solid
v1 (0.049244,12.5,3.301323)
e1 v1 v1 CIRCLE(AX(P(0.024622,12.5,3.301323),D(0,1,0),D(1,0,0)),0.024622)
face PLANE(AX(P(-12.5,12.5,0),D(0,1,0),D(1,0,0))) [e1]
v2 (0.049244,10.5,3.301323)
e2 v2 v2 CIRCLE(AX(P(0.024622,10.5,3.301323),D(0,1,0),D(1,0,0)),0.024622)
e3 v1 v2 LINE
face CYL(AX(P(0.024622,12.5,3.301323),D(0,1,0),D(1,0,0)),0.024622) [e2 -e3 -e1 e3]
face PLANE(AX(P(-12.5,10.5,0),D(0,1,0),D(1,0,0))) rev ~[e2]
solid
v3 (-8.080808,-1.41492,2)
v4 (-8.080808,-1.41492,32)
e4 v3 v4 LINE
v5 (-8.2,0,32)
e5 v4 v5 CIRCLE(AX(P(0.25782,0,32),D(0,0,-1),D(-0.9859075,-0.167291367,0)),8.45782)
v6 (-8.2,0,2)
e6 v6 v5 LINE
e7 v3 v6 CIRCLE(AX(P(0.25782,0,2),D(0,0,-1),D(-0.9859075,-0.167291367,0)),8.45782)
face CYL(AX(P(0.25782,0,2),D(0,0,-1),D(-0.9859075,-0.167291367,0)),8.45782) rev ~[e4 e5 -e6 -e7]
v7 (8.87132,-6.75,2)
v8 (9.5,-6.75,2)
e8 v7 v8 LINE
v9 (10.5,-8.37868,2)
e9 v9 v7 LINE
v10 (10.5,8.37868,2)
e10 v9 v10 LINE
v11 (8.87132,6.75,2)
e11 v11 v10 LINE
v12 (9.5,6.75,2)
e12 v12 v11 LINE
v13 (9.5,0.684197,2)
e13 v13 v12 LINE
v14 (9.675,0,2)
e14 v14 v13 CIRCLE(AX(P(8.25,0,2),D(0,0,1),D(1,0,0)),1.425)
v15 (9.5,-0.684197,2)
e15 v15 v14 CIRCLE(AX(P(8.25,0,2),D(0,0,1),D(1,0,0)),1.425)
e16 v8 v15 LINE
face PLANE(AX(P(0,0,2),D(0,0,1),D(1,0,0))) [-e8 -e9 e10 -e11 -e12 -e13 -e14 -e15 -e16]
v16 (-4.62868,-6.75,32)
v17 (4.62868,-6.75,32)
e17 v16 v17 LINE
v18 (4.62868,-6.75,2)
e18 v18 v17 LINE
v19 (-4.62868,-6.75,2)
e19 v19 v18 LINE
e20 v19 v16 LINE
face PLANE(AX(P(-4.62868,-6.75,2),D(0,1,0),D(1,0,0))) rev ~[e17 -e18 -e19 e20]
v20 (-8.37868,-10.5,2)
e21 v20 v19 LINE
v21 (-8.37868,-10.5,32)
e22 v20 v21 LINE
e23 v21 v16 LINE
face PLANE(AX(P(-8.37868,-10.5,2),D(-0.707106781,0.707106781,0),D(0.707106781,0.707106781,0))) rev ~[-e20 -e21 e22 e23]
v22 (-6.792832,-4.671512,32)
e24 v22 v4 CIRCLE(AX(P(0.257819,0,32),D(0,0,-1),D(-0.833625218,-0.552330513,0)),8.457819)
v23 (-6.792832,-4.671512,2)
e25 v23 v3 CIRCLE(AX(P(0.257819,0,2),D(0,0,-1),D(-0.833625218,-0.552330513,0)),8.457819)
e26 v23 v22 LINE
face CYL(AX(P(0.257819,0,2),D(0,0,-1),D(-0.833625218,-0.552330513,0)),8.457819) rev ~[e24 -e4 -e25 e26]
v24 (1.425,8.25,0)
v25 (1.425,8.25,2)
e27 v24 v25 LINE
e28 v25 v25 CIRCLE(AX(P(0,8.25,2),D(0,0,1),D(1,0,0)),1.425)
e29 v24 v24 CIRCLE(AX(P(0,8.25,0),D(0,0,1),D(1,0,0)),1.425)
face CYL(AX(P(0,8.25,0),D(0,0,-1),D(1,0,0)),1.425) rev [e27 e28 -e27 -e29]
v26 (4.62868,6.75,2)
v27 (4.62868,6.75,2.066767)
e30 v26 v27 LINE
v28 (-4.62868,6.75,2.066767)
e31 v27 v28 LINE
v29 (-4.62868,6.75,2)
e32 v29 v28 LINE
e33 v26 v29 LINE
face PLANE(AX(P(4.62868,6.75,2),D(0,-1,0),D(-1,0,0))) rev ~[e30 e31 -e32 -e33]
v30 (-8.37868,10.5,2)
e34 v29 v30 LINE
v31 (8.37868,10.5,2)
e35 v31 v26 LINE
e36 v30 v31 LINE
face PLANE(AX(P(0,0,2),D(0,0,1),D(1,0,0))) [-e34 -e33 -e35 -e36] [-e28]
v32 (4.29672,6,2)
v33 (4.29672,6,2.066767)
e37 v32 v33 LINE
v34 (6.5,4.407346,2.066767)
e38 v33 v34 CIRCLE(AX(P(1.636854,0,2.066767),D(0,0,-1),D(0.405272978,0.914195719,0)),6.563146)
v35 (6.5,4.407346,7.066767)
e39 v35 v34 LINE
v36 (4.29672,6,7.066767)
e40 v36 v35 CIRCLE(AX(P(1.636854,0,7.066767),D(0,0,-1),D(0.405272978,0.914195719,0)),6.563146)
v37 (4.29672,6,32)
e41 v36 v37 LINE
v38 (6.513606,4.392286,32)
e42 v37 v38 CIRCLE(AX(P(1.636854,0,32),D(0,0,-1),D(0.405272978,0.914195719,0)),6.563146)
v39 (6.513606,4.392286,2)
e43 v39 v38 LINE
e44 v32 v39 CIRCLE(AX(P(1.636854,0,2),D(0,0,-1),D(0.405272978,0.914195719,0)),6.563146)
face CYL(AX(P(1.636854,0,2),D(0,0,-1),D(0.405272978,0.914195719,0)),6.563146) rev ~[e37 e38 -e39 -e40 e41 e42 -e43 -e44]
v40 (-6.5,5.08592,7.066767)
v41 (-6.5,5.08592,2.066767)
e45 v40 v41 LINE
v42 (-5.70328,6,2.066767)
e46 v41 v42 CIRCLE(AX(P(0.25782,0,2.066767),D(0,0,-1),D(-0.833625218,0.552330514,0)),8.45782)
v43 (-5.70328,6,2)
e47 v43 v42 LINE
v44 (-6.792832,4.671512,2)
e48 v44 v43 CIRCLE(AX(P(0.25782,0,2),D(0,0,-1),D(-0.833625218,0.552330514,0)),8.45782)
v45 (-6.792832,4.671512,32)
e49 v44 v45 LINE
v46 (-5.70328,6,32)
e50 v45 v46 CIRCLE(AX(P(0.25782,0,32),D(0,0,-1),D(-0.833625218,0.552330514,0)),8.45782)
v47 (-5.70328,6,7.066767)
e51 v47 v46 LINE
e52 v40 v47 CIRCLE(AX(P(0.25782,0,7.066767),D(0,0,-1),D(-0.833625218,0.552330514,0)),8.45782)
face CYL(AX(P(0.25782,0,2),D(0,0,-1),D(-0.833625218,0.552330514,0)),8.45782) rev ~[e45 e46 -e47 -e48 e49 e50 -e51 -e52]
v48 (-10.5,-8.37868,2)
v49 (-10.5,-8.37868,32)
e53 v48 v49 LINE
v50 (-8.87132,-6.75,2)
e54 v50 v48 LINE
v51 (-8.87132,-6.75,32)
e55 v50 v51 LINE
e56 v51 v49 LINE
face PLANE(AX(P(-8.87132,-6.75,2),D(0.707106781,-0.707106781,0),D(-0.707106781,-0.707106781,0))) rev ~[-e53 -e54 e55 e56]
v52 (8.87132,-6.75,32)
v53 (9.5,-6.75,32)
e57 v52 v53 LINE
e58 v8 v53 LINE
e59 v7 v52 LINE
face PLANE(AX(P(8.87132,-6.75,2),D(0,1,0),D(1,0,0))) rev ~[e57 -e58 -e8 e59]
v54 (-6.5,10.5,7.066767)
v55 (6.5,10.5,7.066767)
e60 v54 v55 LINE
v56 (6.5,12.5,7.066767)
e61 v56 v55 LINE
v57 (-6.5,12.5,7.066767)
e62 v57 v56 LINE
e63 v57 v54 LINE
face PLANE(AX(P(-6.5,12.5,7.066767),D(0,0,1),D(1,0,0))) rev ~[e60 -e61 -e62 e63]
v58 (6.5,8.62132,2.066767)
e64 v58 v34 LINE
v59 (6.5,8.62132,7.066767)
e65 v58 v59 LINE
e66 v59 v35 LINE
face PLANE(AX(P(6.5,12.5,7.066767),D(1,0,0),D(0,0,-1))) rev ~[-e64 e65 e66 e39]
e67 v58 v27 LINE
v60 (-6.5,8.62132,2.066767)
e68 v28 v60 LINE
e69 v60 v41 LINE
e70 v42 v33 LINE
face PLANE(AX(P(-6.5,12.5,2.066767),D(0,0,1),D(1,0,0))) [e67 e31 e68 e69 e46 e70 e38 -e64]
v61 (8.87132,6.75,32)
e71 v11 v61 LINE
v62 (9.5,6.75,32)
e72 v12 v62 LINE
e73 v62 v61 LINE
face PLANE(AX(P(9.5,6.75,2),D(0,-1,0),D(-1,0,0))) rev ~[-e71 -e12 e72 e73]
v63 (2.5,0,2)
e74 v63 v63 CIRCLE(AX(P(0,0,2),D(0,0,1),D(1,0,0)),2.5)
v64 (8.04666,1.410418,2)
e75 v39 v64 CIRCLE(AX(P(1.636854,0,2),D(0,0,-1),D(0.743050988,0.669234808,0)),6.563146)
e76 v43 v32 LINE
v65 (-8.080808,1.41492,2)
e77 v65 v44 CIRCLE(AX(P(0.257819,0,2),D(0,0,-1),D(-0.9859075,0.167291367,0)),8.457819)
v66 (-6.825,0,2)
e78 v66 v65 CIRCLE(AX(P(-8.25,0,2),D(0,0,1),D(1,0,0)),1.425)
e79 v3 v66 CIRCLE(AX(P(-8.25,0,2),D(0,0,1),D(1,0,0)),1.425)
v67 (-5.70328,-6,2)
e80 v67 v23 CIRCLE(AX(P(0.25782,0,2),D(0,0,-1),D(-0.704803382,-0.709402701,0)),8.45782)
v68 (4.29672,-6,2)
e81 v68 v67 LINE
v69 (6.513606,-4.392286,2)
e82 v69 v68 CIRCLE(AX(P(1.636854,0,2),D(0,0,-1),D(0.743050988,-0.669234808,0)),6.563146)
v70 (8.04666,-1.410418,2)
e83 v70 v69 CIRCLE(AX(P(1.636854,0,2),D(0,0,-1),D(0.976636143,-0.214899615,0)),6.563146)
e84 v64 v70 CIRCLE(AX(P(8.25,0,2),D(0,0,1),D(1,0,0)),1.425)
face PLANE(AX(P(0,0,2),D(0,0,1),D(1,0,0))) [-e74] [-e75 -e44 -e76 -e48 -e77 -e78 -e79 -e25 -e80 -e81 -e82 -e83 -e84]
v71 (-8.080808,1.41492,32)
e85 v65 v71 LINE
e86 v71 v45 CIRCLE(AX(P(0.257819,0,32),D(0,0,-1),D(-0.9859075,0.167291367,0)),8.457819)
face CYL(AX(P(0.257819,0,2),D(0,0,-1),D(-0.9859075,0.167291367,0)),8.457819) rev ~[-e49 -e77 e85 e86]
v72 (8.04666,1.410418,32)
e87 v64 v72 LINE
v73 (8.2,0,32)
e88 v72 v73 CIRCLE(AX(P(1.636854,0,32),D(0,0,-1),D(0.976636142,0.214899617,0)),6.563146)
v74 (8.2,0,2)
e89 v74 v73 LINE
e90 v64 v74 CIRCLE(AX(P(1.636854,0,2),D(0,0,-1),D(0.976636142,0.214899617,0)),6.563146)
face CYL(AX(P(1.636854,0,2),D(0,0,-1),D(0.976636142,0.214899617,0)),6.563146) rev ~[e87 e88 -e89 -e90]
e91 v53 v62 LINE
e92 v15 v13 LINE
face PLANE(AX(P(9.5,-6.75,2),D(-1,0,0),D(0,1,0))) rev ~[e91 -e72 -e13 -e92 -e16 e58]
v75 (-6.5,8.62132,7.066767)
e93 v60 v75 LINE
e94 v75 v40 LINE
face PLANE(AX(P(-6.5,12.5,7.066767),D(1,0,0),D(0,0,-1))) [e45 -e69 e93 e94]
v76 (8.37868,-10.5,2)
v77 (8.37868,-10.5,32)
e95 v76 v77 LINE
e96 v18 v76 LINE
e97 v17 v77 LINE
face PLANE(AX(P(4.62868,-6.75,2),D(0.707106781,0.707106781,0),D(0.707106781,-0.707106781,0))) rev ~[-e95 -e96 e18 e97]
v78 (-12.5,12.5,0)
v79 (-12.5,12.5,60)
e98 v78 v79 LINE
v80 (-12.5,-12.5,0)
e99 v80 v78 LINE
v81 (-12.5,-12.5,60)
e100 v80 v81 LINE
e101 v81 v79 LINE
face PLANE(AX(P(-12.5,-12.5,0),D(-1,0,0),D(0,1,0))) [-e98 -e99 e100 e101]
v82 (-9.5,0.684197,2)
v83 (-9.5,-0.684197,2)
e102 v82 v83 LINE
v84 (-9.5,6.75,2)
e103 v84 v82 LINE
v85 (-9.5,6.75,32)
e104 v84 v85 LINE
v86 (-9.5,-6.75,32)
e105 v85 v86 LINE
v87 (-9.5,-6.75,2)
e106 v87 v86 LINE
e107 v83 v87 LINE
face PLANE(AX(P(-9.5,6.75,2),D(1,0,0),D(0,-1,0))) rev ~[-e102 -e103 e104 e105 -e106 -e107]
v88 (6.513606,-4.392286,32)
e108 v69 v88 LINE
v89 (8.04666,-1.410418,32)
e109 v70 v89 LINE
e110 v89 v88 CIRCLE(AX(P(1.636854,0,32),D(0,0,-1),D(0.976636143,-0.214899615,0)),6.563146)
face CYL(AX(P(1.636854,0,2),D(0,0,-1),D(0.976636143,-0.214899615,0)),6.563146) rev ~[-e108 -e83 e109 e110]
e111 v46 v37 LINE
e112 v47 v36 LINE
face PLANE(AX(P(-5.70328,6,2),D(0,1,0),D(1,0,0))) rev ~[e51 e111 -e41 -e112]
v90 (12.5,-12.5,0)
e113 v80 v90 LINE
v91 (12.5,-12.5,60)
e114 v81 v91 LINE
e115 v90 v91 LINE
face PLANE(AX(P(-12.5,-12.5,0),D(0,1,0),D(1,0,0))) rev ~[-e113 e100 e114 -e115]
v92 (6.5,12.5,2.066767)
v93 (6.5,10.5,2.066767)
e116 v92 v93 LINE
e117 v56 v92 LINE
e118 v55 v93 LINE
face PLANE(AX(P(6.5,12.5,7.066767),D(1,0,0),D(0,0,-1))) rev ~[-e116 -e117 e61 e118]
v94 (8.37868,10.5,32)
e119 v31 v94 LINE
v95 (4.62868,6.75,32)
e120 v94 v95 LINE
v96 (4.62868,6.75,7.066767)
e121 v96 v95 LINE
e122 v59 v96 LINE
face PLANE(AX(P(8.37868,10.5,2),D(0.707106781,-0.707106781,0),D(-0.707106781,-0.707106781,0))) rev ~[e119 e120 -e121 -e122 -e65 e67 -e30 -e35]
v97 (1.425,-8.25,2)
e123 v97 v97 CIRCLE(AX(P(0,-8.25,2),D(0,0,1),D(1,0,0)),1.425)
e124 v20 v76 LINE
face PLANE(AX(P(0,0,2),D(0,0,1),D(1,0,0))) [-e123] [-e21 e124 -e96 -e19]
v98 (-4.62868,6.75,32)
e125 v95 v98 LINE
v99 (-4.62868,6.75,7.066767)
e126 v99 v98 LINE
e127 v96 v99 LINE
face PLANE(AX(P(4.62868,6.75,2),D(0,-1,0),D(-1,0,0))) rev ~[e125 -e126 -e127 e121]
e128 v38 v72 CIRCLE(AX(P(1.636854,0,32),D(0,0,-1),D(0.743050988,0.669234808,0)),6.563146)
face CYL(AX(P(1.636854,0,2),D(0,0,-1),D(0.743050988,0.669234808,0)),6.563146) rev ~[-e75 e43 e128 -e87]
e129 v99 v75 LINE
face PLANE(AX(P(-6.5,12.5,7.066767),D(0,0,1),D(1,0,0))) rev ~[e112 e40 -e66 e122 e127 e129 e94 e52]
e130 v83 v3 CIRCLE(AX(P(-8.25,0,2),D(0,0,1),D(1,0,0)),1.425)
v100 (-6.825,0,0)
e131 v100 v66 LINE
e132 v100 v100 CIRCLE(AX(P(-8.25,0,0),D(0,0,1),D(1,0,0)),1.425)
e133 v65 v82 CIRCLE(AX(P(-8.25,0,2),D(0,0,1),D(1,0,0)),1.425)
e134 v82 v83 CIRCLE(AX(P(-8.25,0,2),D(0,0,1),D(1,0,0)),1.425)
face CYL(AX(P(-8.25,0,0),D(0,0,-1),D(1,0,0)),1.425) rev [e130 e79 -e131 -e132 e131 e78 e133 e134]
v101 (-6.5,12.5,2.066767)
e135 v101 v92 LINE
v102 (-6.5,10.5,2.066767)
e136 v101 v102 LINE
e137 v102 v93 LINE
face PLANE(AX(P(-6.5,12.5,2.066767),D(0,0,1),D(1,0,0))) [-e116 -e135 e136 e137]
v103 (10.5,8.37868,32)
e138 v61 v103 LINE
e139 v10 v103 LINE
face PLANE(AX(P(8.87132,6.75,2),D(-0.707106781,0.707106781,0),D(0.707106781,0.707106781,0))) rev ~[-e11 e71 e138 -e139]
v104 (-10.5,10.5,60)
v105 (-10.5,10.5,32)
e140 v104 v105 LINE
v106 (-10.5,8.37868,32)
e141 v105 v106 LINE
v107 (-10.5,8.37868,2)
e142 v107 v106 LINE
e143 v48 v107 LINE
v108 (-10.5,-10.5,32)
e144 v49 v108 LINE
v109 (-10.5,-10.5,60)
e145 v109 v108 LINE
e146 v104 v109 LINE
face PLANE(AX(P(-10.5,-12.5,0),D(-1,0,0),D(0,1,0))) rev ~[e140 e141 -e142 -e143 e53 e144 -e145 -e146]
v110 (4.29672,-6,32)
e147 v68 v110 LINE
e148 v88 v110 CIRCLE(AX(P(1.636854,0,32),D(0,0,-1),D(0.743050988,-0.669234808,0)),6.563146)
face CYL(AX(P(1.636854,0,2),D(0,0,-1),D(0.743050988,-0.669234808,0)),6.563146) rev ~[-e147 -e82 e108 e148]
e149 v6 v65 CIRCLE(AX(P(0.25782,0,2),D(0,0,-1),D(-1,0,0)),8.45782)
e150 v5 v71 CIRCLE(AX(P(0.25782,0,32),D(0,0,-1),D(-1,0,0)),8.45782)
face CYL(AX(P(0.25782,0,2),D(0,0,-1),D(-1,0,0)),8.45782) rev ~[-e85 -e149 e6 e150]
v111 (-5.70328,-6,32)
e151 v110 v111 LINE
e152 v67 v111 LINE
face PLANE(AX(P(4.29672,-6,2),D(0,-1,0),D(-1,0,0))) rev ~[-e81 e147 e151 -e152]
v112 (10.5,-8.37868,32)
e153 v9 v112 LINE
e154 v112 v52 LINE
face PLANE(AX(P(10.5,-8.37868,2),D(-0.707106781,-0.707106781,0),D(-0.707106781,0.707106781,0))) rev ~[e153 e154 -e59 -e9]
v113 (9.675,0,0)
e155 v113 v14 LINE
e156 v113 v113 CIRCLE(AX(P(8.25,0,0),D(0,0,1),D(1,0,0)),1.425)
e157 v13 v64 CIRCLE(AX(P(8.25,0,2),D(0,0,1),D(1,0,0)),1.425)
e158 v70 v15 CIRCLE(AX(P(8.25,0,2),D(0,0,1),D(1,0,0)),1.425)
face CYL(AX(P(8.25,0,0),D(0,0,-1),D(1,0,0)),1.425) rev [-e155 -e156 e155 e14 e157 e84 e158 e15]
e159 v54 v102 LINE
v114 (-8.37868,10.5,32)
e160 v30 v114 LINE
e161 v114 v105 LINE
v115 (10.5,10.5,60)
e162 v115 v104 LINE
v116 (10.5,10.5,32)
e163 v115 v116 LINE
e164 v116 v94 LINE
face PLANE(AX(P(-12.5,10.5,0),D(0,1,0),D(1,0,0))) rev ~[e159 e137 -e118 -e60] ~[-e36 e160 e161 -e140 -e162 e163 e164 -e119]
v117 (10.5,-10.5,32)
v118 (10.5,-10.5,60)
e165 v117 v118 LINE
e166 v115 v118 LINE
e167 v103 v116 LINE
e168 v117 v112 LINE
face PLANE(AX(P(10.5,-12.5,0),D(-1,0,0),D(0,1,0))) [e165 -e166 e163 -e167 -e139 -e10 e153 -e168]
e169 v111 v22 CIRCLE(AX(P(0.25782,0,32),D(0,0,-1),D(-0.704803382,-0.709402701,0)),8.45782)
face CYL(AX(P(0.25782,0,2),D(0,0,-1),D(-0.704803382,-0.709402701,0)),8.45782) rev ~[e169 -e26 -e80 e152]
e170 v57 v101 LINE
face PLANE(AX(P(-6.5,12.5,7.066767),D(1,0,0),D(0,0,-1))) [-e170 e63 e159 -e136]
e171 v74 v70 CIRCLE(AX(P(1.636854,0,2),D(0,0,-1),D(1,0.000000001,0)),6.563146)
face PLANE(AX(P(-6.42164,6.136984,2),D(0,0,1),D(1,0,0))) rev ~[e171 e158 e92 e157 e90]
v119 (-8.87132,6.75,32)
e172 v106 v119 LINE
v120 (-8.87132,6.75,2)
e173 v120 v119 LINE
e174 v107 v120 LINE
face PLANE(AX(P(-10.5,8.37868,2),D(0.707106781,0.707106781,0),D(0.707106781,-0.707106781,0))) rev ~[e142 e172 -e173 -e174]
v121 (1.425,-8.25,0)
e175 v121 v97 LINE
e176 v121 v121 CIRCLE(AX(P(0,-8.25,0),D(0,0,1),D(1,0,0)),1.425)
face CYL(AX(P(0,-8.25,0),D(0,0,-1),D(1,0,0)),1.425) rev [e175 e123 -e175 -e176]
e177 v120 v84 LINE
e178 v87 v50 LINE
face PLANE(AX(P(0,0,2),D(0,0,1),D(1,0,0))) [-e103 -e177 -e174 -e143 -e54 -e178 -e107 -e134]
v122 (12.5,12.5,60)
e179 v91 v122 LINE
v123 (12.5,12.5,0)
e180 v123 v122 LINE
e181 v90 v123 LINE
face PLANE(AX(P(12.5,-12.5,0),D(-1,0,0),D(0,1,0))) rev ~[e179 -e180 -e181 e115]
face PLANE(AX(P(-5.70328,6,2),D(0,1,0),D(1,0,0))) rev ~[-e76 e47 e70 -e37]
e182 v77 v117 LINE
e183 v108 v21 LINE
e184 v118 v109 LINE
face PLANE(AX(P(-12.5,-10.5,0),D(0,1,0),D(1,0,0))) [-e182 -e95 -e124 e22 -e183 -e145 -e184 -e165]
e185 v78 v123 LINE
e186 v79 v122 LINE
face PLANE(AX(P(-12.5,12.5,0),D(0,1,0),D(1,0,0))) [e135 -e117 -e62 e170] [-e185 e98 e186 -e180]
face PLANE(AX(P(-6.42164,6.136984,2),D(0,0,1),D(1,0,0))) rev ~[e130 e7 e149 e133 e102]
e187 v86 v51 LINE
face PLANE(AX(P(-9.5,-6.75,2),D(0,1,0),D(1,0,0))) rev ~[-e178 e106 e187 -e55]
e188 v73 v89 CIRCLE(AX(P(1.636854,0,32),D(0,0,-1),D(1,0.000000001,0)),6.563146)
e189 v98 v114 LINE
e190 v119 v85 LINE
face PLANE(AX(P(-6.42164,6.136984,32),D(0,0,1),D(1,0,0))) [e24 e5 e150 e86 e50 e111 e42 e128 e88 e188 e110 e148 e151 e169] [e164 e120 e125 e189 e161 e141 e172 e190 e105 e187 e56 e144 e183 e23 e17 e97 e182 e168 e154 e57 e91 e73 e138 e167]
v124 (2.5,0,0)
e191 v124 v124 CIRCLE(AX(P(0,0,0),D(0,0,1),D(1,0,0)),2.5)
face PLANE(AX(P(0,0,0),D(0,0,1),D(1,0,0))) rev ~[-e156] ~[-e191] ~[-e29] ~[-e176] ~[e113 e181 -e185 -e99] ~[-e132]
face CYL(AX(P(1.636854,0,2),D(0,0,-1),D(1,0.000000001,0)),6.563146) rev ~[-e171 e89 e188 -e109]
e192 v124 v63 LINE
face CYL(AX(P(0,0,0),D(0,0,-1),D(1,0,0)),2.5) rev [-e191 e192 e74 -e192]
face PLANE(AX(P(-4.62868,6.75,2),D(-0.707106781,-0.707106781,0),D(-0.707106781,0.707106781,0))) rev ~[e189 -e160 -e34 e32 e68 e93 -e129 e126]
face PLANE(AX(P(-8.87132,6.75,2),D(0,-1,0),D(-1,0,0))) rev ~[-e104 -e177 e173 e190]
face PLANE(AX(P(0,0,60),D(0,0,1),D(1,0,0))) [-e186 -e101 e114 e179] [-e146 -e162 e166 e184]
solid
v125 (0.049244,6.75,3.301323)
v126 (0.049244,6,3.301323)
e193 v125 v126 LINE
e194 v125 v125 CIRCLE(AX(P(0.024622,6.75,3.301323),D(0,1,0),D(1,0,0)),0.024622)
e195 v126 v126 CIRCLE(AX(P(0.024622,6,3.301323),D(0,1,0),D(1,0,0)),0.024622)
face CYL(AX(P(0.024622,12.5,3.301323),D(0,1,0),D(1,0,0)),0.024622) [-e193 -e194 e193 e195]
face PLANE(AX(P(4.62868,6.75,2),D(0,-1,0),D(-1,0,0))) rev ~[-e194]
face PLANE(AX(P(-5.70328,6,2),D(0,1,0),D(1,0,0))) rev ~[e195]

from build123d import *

# Parameters (mm, degrees)
SKETCH1_W           = 25
SKETCH1_H           = 25
BOSS_EXTRUDE1_DEPTH = 60
SHELL1_T            = -2
SKETCH2_R           = 2.5
SKETCH2_R_2         = 1.425
CUT_EXTRUDE4_DEPTH  = 2
BOSS_EXTRUDE3_DEPTH = 30
SKETCH5_W           = 13
SKETCH5_H           = 5
SKETCH5_R           = 0.024622166
CUT_EXTRUDE6_DEPTH  = 10


with BuildPart() as part:
    # Sketch1 → Boss-Extrude1 (new body)
    with BuildSketch(Plane.XY):
        Rectangle(SKETCH1_W, SKETCH1_H)
    extrude(amount=BOSS_EXTRUDE1_DEPTH)

    # Shell1
    shell1_openings = [part.faces().sort_by_distance(p)[0] for p in [
        (0, 0, 60),
    ]]
    offset(amount=SHELL1_T, openings=shell1_openings, kind=Kind.INTERSECTION)

    # Sketch2 → Cut-Extrude4 (cut)
    with BuildSketch(Plane.XY):
        Circle(SKETCH2_R)
        with Locations((8.25, 0)):
            Circle(SKETCH2_R_2)
        with Locations((0, -8.25)):
            Circle(SKETCH2_R_2)
        with Locations((-8.25, 0)):
            Circle(SKETCH2_R_2)
        with Locations((0, 8.25)):
            Circle(SKETCH2_R_2)
    extrude(amount=CUT_EXTRUDE4_DEPTH, mode=Mode.SUBTRACT)

    # Sketch4 → Boss-Extrude3 (add)
    with BuildSketch(Plane.XY.offset(2)):
        with BuildLine():
            Line((-8.871320344, 6.75), (-6.792832126, 4.671511782))
            ThreePointArc((-6.792832126, 4.671511782), (-6.28187766, 5.363494358), (-5.703280287, 6))
            Line((-5.703280287, 6), (-3.878679656, 6))
            Line((-3.878679656, 6), (-4.628679656, 6.75))
            Line((-4.628679656, 6.75), (-8.871320344, 6.75))
        make_face()
        Polygon((-10.5, 8.378679656), (-8.871320344, 6.75), (-4.628679656, 6.75), (-8.378679656, 10.5), (-10.5, 10.5), align=None)
        Polygon((-3.878679656, 6), (0, 6), (3.878679656, 6), (4.628679656, 6.75), (-4.628679656, 6.75), align=None)
        Polygon((8.378679656, 10.5), (4.628679656, 6.75), (8.871320344, 6.75), (10.5, 8.378679656), (10.5, 10.5), align=None)
        with BuildLine():
            Line((4.628679656, 6.75), (3.878679656, 6))
            Line((3.878679656, 6), (4.296719713, 6))
            ThreePointArc((4.296719713, 6), (5.489948643, 5.313054416), (6.513606116, 4.392285772))
            Line((6.513606116, 4.392285772), (8.871320344, 6.75))
            Line((8.871320344, 6.75), (4.628679656, 6.75))
        make_face()
        with BuildLine():
            ThreePointArc((-5.703280287, -6), (-6.28187766, -5.363494358), (-6.792832126, -4.671511782))
            Line((-6.792832126, -4.671511782), (-8.871320344, -6.75))
            Line((-8.871320344, -6.75), (-4.628679656, -6.75))
            Line((-4.628679656, -6.75), (-3.878679656, -6))
            Line((-3.878679656, -6), (-5.703280287, -6))
        make_face()
        with BuildLine():
            Line((4.296719713, -6), (3.878679656, -6))
            Line((3.878679656, -6), (4.628679656, -6.75))
            Line((4.628679656, -6.75), (8.871320344, -6.75))
            Line((8.871320344, -6.75), (6.513606116, -4.392285772))
            ThreePointArc((6.513606116, -4.392285772), (5.489948643, -5.313054416), (4.296719713, -6))
        make_face()
        Polygon((-4.628679656, -6.75), (-8.871320344, -6.75), (-10.5, -8.378679656), (-10.5, -10.5), (-8.378679656, -10.5), align=None)
        Polygon((8.871320344, -6.75), (4.628679656, -6.75), (8.378679656, -10.5), (10.5, -10.5), (10.5, -8.378679656), align=None)
        with BuildLine():
            Line((8.871320344, 6.75), (6.513606116, 4.392285772))
            ThreePointArc((6.513606116, 4.392285772), (7.473760778, 3.000900651), (8.046659593, 1.410417555))
            ThreePointArc((8.046659593, 1.410417555), (8.886964121, 1.274716325), (9.5, 0.684196609))
            Line((9.5, 0.684196609), (9.5, 6.75))
            Line((9.5, 6.75), (8.871320344, 6.75))
        make_face()
        with BuildLine():
            ThreePointArc((8.046659593, -1.410417555), (7.473760778, -3.000900651), (6.513606116, -4.392285772))
            Line((6.513606116, -4.392285772), (8.871320344, -6.75))
            Line((8.871320344, -6.75), (9.5, -6.75))
            Line((9.5, -6.75), (9.5, -0.684196609))
            ThreePointArc((9.5, -0.684196609), (8.886964121, -1.274716325), (8.046659593, -1.410417555))
        make_face()
        Polygon((3.878679656, -6), (0, -6), (-3.878679656, -6), (-4.628679656, -6.75), (4.628679656, -6.75), align=None)
        with BuildLine():
            ThreePointArc((-6.792832126, -4.671511782), (-7.607218745, -3.110608316), (-8.080808179, -1.414920184))
            ThreePointArc((-8.080808179, -1.414920184), (-8.902323398, -1.26692509), (-9.5, -0.684196609))
            Line((-9.5, -0.684196609), (-9.5, -6.75))
            Line((-9.5, -6.75), (-8.871320344, -6.75))
            Line((-8.871320344, -6.75), (-6.792832126, -4.671511782))
        make_face()
        with BuildLine():
            ThreePointArc((-9.5, 0.684196609), (-8.902323398, 1.26692509), (-8.080808179, 1.414920184))
            ThreePointArc((-8.080808179, 1.414920184), (-7.607218745, 3.110608316), (-6.792832126, 4.671511782))
            Line((-6.792832126, 4.671511782), (-8.871320344, 6.75))
            Line((-8.871320344, 6.75), (-9.5, 6.75))
            Line((-9.5, 6.75), (-9.5, 0.684196609))
        make_face()
        with BuildLine():
            ThreePointArc((-8.080808179, -1.414920184), (-8.170149368, -0.709965812), (-8.2, 0))
            ThreePointArc((-8.2, 0), (-8.170149368, 0.709965812), (-8.080808179, 1.414920184))
            ThreePointArc((-8.080808179, 1.414920184), (-8.902323398, 1.26692509), (-9.5, 0.684196609))
            Line((-9.5, 0.684196609), (-9.5, -0.684196609))
            ThreePointArc((-9.5, -0.684196609), (-8.902323398, -1.26692509), (-8.080808179, -1.414920184))
        make_face()
        with BuildLine():
            ThreePointArc((8.046659593, 1.410417555), (8.161552283, 0.709364321), (8.2, 0))
            ThreePointArc((8.2, 0), (8.161552283, -0.709364321), (8.046659593, -1.410417555))
            ThreePointArc((8.046659593, -1.410417555), (8.886964121, -1.274716325), (9.5, -0.684196609))
            Line((9.5, -0.684196609), (9.5, 0.684196609))
            ThreePointArc((9.5, 0.684196609), (8.886964121, 1.274716325), (8.046659593, 1.410417555))
        make_face()
    extrude(amount=BOSS_EXTRUDE3_DEPTH)

    # Sketch5 → Cut-Extrude6 (cut)
    with BuildSketch(Plane(origin=(0, 12.5, 0), x_dir=(1, 0, 0), z_dir=(0, 1, 0))):
        with Locations((0, -4.566766708)):
            Rectangle(SKETCH5_W, SKETCH5_H)
        with Locations((0.024622166, -3.301323142)):
            Circle(SKETCH5_R, mode=Mode.SUBTRACT)
    extrude(amount=-CUT_EXTRUDE6_DEPTH, mode=Mode.SUBTRACT)


solid = part.part
